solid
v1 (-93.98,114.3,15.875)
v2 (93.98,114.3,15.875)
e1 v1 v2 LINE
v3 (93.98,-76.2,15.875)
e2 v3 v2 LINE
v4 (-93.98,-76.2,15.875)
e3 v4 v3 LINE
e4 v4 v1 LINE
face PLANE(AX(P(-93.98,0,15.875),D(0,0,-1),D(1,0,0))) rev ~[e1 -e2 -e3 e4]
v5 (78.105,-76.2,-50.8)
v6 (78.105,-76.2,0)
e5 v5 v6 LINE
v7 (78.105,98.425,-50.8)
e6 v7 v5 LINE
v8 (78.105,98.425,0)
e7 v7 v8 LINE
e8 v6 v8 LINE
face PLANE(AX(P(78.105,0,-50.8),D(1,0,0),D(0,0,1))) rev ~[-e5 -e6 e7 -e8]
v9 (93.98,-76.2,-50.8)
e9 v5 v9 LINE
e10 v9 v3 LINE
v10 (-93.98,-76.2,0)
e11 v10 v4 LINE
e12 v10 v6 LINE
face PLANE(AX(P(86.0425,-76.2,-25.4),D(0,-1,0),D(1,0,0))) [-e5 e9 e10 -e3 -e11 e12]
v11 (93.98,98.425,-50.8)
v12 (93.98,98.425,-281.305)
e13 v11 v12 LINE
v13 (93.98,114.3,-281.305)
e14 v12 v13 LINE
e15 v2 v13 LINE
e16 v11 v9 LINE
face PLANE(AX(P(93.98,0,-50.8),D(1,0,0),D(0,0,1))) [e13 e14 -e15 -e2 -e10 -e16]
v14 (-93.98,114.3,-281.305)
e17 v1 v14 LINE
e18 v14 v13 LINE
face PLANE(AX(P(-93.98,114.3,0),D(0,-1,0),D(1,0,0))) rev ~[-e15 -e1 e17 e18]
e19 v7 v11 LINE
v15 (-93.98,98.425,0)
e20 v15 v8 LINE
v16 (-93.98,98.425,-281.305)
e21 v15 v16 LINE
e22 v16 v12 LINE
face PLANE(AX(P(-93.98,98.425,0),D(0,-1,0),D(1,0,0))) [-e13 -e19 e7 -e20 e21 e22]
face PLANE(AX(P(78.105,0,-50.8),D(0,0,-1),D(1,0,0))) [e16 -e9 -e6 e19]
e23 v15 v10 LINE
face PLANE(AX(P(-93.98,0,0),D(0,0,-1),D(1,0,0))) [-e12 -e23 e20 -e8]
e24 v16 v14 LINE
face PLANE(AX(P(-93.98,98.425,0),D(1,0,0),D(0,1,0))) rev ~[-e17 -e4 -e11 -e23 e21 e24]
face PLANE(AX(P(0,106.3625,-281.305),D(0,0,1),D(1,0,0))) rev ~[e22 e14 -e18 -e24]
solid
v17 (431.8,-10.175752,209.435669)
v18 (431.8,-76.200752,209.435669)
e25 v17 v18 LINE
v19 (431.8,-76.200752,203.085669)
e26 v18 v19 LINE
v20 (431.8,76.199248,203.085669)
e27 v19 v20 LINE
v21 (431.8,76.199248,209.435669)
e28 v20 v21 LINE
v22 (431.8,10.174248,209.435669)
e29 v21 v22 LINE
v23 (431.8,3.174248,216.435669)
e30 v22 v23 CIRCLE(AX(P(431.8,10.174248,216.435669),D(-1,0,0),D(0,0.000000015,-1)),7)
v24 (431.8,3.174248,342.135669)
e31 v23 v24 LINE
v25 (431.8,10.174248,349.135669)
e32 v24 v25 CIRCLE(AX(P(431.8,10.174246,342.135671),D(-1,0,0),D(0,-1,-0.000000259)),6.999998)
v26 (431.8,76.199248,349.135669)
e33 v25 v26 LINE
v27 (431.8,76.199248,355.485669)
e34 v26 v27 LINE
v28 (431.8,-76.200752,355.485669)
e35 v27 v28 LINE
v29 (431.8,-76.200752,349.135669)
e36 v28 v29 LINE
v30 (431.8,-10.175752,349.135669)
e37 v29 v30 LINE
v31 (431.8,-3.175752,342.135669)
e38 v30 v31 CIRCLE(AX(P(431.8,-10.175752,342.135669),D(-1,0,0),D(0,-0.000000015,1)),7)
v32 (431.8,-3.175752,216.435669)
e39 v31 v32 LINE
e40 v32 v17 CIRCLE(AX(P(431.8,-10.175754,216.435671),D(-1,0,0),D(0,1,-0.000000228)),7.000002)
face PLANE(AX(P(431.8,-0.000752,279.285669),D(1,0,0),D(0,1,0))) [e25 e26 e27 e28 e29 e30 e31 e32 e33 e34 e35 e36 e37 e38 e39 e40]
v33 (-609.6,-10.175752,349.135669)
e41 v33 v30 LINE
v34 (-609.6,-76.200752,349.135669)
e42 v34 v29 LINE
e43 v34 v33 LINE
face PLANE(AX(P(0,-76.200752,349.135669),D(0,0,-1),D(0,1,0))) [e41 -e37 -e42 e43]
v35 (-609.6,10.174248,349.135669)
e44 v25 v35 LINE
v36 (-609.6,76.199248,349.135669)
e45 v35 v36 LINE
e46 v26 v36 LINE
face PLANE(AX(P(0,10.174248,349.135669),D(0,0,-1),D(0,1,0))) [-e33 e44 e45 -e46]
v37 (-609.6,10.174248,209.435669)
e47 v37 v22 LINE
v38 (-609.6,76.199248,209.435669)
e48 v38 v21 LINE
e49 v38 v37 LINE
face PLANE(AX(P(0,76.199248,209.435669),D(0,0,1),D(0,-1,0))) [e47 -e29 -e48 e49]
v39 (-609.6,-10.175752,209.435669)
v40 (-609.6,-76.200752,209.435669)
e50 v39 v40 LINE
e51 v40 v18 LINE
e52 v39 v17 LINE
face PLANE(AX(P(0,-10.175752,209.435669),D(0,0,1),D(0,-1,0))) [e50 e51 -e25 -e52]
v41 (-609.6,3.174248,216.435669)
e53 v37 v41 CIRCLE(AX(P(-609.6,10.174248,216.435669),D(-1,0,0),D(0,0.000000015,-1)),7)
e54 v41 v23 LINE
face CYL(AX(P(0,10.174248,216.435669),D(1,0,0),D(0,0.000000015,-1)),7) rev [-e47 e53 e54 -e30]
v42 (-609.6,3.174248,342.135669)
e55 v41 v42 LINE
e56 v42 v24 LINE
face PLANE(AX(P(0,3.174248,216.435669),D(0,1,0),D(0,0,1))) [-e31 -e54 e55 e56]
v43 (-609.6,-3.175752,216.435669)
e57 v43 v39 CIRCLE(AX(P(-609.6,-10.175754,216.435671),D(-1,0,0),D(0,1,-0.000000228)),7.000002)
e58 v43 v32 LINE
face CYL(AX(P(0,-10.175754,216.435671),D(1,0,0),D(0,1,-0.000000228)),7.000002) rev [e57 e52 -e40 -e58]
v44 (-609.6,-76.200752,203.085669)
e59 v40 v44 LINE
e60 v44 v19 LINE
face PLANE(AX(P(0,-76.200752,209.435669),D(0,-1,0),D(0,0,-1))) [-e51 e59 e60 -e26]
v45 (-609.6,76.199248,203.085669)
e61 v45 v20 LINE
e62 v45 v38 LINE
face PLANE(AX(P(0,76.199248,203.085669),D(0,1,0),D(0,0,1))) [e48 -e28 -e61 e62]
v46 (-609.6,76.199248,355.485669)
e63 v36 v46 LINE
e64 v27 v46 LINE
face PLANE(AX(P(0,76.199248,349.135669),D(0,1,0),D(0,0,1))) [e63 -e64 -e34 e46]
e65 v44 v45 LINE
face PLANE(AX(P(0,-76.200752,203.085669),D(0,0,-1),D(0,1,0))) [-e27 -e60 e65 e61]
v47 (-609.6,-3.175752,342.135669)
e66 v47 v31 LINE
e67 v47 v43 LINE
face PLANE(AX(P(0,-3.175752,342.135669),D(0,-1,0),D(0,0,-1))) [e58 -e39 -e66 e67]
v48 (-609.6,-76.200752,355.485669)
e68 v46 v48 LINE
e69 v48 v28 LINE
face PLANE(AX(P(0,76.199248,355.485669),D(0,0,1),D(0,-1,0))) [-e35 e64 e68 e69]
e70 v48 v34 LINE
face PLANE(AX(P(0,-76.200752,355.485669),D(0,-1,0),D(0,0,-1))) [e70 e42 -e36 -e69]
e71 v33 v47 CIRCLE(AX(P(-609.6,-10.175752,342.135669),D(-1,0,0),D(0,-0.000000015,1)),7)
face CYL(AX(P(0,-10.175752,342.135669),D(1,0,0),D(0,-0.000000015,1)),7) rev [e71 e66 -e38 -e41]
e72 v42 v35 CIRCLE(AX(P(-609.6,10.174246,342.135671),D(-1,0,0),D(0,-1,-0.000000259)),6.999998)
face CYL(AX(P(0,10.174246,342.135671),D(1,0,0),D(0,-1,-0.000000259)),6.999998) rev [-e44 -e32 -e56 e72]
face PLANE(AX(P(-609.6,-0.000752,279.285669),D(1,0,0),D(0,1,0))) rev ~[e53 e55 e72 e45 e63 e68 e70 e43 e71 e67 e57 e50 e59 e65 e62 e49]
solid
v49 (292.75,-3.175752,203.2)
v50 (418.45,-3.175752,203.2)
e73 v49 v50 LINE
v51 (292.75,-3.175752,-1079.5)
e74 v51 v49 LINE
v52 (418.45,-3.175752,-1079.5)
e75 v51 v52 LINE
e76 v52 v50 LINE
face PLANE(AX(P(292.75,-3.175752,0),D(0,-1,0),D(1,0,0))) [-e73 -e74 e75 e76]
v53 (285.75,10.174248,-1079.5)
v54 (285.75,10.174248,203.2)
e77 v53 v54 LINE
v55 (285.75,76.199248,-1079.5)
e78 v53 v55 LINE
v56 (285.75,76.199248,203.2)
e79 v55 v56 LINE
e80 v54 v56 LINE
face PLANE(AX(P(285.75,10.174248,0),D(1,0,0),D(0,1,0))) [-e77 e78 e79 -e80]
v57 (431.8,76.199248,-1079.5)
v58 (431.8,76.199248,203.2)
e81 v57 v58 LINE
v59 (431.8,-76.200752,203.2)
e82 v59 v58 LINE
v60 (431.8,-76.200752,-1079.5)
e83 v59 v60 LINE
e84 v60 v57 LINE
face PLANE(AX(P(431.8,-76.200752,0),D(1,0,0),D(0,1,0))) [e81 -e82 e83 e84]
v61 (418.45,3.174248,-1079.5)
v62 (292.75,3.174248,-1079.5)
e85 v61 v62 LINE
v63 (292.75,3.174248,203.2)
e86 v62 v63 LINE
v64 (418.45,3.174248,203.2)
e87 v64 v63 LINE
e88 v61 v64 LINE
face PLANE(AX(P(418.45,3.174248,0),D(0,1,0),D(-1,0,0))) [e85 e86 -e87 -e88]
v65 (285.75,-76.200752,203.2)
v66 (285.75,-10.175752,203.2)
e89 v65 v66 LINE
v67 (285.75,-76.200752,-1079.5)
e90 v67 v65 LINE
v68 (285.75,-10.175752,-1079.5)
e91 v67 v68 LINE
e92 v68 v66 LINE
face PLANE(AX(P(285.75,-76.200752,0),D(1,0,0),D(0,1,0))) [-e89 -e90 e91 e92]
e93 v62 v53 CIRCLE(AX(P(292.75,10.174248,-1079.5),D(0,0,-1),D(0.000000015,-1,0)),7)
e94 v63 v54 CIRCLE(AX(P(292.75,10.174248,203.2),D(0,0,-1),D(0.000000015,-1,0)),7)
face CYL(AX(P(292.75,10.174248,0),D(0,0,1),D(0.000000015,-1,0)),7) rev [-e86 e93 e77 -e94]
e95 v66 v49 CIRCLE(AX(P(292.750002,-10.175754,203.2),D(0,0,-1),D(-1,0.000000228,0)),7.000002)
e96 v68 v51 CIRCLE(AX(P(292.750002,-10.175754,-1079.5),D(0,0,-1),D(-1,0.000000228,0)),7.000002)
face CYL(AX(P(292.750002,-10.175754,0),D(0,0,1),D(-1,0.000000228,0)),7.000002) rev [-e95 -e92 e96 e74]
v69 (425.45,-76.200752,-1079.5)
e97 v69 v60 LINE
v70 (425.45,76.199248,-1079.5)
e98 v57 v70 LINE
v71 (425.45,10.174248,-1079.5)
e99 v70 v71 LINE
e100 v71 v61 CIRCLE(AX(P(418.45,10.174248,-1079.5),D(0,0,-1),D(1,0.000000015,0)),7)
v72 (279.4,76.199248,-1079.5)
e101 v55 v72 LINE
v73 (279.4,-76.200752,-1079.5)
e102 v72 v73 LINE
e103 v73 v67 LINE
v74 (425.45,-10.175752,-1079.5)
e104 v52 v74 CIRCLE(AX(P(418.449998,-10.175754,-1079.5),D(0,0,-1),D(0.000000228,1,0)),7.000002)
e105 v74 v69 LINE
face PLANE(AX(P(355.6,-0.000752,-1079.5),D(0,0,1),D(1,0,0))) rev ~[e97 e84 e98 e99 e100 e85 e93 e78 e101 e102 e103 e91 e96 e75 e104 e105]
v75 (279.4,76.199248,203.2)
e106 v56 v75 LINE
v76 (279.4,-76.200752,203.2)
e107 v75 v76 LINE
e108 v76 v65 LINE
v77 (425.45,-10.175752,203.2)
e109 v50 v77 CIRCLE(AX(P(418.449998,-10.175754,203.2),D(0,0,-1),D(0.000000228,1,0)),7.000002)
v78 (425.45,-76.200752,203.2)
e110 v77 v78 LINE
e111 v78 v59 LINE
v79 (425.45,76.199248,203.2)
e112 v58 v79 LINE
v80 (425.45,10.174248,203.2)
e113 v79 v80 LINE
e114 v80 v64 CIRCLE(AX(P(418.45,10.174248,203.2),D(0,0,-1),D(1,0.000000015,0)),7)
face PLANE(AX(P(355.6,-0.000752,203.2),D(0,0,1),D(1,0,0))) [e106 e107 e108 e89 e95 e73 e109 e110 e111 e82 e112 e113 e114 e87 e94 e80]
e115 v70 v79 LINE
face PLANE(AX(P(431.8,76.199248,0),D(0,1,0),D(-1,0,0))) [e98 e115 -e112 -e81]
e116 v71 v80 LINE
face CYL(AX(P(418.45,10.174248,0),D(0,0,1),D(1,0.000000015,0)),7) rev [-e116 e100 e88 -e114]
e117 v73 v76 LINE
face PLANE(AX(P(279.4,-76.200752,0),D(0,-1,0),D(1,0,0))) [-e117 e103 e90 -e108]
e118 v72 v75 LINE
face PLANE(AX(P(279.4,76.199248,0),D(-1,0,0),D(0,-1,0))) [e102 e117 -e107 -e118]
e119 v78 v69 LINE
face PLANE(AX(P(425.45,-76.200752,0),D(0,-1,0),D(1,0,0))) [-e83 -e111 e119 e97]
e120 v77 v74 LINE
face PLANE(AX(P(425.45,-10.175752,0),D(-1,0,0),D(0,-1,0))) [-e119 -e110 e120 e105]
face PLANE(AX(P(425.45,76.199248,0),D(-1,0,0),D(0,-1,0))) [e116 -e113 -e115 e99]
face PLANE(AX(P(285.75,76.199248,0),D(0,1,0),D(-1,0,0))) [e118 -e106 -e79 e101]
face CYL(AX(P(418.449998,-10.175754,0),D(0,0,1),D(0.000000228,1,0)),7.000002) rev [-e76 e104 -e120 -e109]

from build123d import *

# Parameters (mm, degrees)
F1_DEPTH      = 431.8
F1_DEPTH_BACK = 609.6
F3_DEPTH      = 203.2
F3_DEPTH_BACK = 1079.5
F4_W          = 187.96
F4_H          = 15.875
F5_DEPTH      = 76.2
F5_DEPTH_BACK = 114.3
F6_W          = 187.96
F6_H          = 15.875
F7_DEPTH      = 281.305
F8_W          = 15.875
F8_H          = 50.8
F9_DEPTH      = 76.2
F9_DEPTH_BACK = 98.425


with BuildPart() as f1:
    # F0 (on Right) → F1 (new body, two sides)
    with BuildSketch(Plane.YZ) as f1_sk:
        with BuildLine():
            Line((76.199248, 355.485669), (-76.200752, 355.485669))
            Line((-76.200752, 355.485669), (-76.200752, 349.135669))
            Line((-76.200752, 349.135669), (-10.175752, 349.135669))
            ThreePointArc((-10.175752, 349.135669), (-5.226005, 347.085417), (-3.175752, 342.135669))
            Line((-3.175752, 342.135669), (-3.175752, 216.435669))
            ThreePointArc((-3.175752, 216.435669), (-5.226005, 211.485922), (-10.175752, 209.435669))
            Line((-10.175752, 209.435669), (-76.200752, 209.435669))
            Line((-76.200752, 209.435669), (-76.200752, 203.085669))
            Line((-76.200752, 203.085669), (76.199248, 203.085669))
            Line((76.199248, 203.085669), (76.199248, 209.435669))
            Line((76.199248, 209.435669), (10.174248, 209.435669))
            ThreePointArc((10.174248, 209.435669), (5.2245, 211.485922), (3.174248, 216.435669))
            Line((3.174248, 216.435669), (3.174248, 342.135669))
            ThreePointArc((3.174248, 342.135669), (5.2245, 347.085417), (10.174248, 349.135669))
            Line((10.174248, 349.135669), (76.199248, 349.135669))
            Line((76.199248, 349.135669), (76.199248, 355.485669))
        make_face()
    extrude(amount=F1_DEPTH)
    extrude(f1_sk.sketch, amount=-F1_DEPTH_BACK)


with BuildPart() as f3:
    # F2 (on Top) → F3 (new body, two sides)
    with BuildSketch(Plane.XY) as f3_sk:
        with BuildLine():
            Line((431.8, -76.200752), (431.8, 76.199248))
            Line((431.8, 76.199248), (425.45, 76.199248))
            Line((425.45, 76.199248), (425.45, 10.174248))
            ThreePointArc((425.45, 10.174248), (423.399747, 5.2245), (418.45, 3.174248))
            Line((418.45, 3.174248), (292.75, 3.174248))
            ThreePointArc((292.75, 3.174248), (287.800253, 5.2245), (285.75, 10.174248))
            Line((285.75, 10.174248), (285.75, 76.199248))
            Line((285.75, 76.199248), (279.4, 76.199248))
            Line((279.4, 76.199248), (279.4, -76.200752))
            Line((279.4, -76.200752), (285.75, -76.200752))
            Line((285.75, -76.200752), (285.75, -10.175752))
            ThreePointArc((285.75, -10.175752), (287.800253, -5.226005), (292.75, -3.175752))
            Line((292.75, -3.175752), (418.45, -3.175752))
            ThreePointArc((418.45, -3.175752), (423.399747, -5.226005), (425.45, -10.175752))
            Line((425.45, -10.175752), (425.45, -76.200752))
            Line((425.45, -76.200752), (431.8, -76.200752))
        make_face()
    extrude(amount=F3_DEPTH)
    extrude(f3_sk.sketch, amount=-F3_DEPTH_BACK)


with BuildPart() as f5:
    # F4 (on Front) → F5 (new body, two sides)
    with BuildSketch(Plane.XZ) as f5_sk:
        with Locations((0, 7.9375)):
            Rectangle(F4_W, F4_H)
    extrude(amount=F5_DEPTH)
    extrude(f5_sk.sketch, amount=-F5_DEPTH_BACK)

    # F6 (on Top) → F7 (join)
    with BuildSketch(Plane.XY):
        with Locations((0, 106.3625)):
            Rectangle(F6_W, F6_H)
    extrude(amount=-F7_DEPTH)

    # F8 (on Front) → F9 (join, two sides)
    with BuildSketch(Plane.XZ) as f9_sk:
        with Locations((86.0425, -25.4)):
            Rectangle(F8_W, F8_H)
    extrude(amount=F9_DEPTH)
    extrude(f9_sk.sketch, amount=-F9_DEPTH_BACK)


solid = Compound([f1.part, f3.part, f5.part])
